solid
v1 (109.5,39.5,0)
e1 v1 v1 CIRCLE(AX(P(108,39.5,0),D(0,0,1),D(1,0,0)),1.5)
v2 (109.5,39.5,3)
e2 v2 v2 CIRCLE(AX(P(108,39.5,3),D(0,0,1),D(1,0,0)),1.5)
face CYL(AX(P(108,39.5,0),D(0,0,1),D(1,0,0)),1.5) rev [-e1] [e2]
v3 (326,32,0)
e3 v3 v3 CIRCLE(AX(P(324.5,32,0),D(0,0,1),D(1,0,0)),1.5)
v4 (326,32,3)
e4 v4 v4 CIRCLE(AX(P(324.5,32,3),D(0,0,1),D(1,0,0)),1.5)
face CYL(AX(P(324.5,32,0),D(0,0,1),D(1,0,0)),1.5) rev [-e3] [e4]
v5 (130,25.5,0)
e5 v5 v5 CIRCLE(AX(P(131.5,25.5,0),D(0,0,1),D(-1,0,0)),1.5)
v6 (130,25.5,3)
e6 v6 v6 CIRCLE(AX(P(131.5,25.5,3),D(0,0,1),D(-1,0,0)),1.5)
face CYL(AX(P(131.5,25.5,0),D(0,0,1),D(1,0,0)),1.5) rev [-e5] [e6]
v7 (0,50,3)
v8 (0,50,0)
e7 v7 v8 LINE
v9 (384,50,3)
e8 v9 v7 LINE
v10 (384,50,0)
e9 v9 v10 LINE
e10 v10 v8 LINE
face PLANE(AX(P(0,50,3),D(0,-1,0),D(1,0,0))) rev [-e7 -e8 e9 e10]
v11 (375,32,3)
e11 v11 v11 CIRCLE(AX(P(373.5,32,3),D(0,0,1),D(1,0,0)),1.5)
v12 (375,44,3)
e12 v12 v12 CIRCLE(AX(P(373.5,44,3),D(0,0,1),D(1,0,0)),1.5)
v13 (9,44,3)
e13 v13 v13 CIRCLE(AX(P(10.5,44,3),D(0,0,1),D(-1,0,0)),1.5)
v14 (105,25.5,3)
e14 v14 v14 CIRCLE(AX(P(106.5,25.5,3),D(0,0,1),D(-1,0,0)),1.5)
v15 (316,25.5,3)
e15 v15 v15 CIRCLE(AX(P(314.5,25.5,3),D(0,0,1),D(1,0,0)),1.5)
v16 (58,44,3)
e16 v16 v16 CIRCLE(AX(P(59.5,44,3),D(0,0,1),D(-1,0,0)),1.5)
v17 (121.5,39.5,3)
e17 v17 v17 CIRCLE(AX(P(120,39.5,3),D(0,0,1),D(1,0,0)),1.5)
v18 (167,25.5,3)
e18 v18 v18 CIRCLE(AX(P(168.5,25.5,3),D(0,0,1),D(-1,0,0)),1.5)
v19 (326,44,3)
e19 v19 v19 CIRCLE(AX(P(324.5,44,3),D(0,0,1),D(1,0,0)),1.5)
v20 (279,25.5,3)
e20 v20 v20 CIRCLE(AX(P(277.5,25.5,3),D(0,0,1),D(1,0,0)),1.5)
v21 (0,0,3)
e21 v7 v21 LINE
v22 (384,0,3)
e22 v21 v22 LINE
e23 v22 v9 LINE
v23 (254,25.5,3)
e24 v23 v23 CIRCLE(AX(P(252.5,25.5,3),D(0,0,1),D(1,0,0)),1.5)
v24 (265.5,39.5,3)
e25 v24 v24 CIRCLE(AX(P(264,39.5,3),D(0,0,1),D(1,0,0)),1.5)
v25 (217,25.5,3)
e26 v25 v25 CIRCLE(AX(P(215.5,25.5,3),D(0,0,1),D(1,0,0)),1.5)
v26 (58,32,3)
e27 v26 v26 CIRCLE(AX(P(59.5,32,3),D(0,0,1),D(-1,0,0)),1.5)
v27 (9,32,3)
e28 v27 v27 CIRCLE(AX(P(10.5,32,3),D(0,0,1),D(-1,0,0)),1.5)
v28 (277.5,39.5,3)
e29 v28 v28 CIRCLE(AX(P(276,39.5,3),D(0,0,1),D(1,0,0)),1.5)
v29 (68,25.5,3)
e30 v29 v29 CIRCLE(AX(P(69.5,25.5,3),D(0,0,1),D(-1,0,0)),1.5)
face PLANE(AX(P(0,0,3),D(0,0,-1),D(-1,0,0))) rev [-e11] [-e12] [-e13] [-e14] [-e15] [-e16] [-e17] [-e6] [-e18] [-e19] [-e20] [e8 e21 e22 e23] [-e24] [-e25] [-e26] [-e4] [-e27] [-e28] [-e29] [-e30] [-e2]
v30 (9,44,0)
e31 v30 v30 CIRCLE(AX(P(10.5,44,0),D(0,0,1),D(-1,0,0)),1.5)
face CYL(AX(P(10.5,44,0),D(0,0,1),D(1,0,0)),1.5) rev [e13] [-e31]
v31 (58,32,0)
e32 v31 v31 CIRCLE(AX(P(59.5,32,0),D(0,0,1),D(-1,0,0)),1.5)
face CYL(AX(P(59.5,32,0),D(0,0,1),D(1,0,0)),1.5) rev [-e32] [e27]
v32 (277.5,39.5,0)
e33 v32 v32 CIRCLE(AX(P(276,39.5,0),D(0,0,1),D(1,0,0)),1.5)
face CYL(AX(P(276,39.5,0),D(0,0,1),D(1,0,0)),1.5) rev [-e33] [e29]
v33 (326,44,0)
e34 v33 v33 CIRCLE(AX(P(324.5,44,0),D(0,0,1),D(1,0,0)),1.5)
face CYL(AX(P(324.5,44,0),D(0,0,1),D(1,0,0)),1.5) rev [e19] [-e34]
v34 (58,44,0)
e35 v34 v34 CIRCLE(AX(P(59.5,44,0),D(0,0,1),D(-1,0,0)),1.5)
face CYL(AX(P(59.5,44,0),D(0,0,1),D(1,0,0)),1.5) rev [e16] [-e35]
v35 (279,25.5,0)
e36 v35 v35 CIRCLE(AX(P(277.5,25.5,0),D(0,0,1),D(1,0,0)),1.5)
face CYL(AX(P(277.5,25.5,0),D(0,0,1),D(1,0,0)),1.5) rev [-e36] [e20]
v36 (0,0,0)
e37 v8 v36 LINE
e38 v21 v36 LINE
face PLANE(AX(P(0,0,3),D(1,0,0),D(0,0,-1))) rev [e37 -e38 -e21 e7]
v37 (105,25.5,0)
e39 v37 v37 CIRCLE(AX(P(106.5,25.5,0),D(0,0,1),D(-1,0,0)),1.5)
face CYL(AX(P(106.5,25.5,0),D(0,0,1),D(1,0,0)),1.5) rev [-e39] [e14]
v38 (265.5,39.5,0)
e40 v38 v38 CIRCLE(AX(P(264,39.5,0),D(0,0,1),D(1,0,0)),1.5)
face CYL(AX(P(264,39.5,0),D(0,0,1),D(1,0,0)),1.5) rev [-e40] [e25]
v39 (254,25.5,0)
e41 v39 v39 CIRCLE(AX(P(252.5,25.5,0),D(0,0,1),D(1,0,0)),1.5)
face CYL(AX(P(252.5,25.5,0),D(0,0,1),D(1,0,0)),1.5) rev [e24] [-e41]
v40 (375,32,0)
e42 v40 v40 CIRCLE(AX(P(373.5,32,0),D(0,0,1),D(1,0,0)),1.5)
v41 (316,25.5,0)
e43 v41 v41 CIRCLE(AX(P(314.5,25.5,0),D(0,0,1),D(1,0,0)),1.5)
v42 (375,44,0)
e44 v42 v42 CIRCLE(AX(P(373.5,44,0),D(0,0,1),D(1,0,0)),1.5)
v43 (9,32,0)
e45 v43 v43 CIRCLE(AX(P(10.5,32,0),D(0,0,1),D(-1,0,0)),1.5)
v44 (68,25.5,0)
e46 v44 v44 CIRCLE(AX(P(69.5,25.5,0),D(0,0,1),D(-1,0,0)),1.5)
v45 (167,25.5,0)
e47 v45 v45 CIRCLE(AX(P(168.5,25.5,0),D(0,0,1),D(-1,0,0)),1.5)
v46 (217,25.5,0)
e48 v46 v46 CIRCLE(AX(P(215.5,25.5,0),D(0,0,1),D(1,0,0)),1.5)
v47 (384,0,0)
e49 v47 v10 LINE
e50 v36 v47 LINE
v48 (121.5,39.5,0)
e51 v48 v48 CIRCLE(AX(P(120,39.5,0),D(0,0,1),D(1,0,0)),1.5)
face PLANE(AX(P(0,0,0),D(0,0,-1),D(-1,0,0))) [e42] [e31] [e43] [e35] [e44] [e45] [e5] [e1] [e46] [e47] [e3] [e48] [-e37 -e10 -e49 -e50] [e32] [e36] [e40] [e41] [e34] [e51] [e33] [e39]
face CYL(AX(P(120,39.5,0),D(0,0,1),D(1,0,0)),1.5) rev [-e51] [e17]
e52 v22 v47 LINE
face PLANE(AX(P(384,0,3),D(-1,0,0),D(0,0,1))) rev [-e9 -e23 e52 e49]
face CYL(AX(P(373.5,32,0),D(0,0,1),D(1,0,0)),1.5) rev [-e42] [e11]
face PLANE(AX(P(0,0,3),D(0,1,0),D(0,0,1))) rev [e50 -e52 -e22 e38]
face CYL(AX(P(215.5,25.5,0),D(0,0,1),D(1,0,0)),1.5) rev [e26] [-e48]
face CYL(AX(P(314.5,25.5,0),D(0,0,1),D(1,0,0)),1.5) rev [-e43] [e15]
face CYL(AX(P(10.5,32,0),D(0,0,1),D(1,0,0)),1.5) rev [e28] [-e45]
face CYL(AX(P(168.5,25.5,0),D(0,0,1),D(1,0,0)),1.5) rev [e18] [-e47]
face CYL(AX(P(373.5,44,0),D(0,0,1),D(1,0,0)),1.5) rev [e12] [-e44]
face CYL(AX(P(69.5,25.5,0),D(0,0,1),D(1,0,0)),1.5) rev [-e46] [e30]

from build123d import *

# Parameters (mm, degrees)
SKETCH_1_W          = 384
SKETCH_1_H          = 50
EXTRUDE_1_DEPTH     = 3
SKETCH_2_R          = 1.5
CUT_EXTRUDE_1_DEPTH = 388.253147179


with BuildPart() as part:
    # 草图1 → 凸台-拉伸1 (new body)
    with BuildSketch(Plane.XY):
        with Locations((192, 25)):
            Rectangle(SKETCH_1_W, SKETCH_1_H)
    extrude(amount=EXTRUDE_1_DEPTH)

    # 草图2 → 切除-拉伸1 (cut, through all)
    with BuildSketch(Plane.XY.offset(3)):
        with Locations((264, 39.5)):
            Circle(SKETCH_2_R)
        with Locations((276, 39.5)):
            Circle(SKETCH_2_R)
        with Locations((120, 39.5)):
            Circle(SKETCH_2_R)
        with Locations((108, 39.5)):
            Circle(SKETCH_2_R)
        with Locations((215.5, 25.5)):
            Circle(SKETCH_2_R)
        with Locations((252.5, 25.5)):
            Circle(SKETCH_2_R)
        with Locations((277.5, 25.5)):
            Circle(SKETCH_2_R)
        with Locations((314.5, 25.5)):
            Circle(SKETCH_2_R)
        with Locations(Location((69.5, 25.5, 0), (0, 0, 180))):
            Circle(SKETCH_2_R)
        with Locations(Location((106.5, 25.5, 0), (0, 0, 180))):
            Circle(SKETCH_2_R)
        with Locations(Location((131.5, 25.5, 0), (0, 0, 180))):
            Circle(SKETCH_2_R)
        with Locations(Location((168.5, 25.5, 0), (0, 0, 180))):
            Circle(SKETCH_2_R)
        with Locations((373.5, 44)):
            Circle(SKETCH_2_R)
        with Locations((373.5, 32)):
            Circle(SKETCH_2_R)
        with Locations((324.5, 44)):
            Circle(SKETCH_2_R)
        with Locations((324.5, 32)):
            Circle(SKETCH_2_R)
        with Locations(Location((59.5, 44, 0), (0, 0, 180))):
            Circle(SKETCH_2_R)
        with Locations(Location((10.5, 44, 0), (0, 0, 180))):
            Circle(SKETCH_2_R)
        with Locations(Location((10.5, 32, 0), (0, 0, 180))):
            Circle(SKETCH_2_R)
        with Locations(Location((59.5, 32, 0), (0, 0, 180))):
            Circle(SKETCH_2_R)
    extrude(amount=-CUT_EXTRUDE_1_DEPTH, mode=Mode.SUBTRACT)


solid = part.part
